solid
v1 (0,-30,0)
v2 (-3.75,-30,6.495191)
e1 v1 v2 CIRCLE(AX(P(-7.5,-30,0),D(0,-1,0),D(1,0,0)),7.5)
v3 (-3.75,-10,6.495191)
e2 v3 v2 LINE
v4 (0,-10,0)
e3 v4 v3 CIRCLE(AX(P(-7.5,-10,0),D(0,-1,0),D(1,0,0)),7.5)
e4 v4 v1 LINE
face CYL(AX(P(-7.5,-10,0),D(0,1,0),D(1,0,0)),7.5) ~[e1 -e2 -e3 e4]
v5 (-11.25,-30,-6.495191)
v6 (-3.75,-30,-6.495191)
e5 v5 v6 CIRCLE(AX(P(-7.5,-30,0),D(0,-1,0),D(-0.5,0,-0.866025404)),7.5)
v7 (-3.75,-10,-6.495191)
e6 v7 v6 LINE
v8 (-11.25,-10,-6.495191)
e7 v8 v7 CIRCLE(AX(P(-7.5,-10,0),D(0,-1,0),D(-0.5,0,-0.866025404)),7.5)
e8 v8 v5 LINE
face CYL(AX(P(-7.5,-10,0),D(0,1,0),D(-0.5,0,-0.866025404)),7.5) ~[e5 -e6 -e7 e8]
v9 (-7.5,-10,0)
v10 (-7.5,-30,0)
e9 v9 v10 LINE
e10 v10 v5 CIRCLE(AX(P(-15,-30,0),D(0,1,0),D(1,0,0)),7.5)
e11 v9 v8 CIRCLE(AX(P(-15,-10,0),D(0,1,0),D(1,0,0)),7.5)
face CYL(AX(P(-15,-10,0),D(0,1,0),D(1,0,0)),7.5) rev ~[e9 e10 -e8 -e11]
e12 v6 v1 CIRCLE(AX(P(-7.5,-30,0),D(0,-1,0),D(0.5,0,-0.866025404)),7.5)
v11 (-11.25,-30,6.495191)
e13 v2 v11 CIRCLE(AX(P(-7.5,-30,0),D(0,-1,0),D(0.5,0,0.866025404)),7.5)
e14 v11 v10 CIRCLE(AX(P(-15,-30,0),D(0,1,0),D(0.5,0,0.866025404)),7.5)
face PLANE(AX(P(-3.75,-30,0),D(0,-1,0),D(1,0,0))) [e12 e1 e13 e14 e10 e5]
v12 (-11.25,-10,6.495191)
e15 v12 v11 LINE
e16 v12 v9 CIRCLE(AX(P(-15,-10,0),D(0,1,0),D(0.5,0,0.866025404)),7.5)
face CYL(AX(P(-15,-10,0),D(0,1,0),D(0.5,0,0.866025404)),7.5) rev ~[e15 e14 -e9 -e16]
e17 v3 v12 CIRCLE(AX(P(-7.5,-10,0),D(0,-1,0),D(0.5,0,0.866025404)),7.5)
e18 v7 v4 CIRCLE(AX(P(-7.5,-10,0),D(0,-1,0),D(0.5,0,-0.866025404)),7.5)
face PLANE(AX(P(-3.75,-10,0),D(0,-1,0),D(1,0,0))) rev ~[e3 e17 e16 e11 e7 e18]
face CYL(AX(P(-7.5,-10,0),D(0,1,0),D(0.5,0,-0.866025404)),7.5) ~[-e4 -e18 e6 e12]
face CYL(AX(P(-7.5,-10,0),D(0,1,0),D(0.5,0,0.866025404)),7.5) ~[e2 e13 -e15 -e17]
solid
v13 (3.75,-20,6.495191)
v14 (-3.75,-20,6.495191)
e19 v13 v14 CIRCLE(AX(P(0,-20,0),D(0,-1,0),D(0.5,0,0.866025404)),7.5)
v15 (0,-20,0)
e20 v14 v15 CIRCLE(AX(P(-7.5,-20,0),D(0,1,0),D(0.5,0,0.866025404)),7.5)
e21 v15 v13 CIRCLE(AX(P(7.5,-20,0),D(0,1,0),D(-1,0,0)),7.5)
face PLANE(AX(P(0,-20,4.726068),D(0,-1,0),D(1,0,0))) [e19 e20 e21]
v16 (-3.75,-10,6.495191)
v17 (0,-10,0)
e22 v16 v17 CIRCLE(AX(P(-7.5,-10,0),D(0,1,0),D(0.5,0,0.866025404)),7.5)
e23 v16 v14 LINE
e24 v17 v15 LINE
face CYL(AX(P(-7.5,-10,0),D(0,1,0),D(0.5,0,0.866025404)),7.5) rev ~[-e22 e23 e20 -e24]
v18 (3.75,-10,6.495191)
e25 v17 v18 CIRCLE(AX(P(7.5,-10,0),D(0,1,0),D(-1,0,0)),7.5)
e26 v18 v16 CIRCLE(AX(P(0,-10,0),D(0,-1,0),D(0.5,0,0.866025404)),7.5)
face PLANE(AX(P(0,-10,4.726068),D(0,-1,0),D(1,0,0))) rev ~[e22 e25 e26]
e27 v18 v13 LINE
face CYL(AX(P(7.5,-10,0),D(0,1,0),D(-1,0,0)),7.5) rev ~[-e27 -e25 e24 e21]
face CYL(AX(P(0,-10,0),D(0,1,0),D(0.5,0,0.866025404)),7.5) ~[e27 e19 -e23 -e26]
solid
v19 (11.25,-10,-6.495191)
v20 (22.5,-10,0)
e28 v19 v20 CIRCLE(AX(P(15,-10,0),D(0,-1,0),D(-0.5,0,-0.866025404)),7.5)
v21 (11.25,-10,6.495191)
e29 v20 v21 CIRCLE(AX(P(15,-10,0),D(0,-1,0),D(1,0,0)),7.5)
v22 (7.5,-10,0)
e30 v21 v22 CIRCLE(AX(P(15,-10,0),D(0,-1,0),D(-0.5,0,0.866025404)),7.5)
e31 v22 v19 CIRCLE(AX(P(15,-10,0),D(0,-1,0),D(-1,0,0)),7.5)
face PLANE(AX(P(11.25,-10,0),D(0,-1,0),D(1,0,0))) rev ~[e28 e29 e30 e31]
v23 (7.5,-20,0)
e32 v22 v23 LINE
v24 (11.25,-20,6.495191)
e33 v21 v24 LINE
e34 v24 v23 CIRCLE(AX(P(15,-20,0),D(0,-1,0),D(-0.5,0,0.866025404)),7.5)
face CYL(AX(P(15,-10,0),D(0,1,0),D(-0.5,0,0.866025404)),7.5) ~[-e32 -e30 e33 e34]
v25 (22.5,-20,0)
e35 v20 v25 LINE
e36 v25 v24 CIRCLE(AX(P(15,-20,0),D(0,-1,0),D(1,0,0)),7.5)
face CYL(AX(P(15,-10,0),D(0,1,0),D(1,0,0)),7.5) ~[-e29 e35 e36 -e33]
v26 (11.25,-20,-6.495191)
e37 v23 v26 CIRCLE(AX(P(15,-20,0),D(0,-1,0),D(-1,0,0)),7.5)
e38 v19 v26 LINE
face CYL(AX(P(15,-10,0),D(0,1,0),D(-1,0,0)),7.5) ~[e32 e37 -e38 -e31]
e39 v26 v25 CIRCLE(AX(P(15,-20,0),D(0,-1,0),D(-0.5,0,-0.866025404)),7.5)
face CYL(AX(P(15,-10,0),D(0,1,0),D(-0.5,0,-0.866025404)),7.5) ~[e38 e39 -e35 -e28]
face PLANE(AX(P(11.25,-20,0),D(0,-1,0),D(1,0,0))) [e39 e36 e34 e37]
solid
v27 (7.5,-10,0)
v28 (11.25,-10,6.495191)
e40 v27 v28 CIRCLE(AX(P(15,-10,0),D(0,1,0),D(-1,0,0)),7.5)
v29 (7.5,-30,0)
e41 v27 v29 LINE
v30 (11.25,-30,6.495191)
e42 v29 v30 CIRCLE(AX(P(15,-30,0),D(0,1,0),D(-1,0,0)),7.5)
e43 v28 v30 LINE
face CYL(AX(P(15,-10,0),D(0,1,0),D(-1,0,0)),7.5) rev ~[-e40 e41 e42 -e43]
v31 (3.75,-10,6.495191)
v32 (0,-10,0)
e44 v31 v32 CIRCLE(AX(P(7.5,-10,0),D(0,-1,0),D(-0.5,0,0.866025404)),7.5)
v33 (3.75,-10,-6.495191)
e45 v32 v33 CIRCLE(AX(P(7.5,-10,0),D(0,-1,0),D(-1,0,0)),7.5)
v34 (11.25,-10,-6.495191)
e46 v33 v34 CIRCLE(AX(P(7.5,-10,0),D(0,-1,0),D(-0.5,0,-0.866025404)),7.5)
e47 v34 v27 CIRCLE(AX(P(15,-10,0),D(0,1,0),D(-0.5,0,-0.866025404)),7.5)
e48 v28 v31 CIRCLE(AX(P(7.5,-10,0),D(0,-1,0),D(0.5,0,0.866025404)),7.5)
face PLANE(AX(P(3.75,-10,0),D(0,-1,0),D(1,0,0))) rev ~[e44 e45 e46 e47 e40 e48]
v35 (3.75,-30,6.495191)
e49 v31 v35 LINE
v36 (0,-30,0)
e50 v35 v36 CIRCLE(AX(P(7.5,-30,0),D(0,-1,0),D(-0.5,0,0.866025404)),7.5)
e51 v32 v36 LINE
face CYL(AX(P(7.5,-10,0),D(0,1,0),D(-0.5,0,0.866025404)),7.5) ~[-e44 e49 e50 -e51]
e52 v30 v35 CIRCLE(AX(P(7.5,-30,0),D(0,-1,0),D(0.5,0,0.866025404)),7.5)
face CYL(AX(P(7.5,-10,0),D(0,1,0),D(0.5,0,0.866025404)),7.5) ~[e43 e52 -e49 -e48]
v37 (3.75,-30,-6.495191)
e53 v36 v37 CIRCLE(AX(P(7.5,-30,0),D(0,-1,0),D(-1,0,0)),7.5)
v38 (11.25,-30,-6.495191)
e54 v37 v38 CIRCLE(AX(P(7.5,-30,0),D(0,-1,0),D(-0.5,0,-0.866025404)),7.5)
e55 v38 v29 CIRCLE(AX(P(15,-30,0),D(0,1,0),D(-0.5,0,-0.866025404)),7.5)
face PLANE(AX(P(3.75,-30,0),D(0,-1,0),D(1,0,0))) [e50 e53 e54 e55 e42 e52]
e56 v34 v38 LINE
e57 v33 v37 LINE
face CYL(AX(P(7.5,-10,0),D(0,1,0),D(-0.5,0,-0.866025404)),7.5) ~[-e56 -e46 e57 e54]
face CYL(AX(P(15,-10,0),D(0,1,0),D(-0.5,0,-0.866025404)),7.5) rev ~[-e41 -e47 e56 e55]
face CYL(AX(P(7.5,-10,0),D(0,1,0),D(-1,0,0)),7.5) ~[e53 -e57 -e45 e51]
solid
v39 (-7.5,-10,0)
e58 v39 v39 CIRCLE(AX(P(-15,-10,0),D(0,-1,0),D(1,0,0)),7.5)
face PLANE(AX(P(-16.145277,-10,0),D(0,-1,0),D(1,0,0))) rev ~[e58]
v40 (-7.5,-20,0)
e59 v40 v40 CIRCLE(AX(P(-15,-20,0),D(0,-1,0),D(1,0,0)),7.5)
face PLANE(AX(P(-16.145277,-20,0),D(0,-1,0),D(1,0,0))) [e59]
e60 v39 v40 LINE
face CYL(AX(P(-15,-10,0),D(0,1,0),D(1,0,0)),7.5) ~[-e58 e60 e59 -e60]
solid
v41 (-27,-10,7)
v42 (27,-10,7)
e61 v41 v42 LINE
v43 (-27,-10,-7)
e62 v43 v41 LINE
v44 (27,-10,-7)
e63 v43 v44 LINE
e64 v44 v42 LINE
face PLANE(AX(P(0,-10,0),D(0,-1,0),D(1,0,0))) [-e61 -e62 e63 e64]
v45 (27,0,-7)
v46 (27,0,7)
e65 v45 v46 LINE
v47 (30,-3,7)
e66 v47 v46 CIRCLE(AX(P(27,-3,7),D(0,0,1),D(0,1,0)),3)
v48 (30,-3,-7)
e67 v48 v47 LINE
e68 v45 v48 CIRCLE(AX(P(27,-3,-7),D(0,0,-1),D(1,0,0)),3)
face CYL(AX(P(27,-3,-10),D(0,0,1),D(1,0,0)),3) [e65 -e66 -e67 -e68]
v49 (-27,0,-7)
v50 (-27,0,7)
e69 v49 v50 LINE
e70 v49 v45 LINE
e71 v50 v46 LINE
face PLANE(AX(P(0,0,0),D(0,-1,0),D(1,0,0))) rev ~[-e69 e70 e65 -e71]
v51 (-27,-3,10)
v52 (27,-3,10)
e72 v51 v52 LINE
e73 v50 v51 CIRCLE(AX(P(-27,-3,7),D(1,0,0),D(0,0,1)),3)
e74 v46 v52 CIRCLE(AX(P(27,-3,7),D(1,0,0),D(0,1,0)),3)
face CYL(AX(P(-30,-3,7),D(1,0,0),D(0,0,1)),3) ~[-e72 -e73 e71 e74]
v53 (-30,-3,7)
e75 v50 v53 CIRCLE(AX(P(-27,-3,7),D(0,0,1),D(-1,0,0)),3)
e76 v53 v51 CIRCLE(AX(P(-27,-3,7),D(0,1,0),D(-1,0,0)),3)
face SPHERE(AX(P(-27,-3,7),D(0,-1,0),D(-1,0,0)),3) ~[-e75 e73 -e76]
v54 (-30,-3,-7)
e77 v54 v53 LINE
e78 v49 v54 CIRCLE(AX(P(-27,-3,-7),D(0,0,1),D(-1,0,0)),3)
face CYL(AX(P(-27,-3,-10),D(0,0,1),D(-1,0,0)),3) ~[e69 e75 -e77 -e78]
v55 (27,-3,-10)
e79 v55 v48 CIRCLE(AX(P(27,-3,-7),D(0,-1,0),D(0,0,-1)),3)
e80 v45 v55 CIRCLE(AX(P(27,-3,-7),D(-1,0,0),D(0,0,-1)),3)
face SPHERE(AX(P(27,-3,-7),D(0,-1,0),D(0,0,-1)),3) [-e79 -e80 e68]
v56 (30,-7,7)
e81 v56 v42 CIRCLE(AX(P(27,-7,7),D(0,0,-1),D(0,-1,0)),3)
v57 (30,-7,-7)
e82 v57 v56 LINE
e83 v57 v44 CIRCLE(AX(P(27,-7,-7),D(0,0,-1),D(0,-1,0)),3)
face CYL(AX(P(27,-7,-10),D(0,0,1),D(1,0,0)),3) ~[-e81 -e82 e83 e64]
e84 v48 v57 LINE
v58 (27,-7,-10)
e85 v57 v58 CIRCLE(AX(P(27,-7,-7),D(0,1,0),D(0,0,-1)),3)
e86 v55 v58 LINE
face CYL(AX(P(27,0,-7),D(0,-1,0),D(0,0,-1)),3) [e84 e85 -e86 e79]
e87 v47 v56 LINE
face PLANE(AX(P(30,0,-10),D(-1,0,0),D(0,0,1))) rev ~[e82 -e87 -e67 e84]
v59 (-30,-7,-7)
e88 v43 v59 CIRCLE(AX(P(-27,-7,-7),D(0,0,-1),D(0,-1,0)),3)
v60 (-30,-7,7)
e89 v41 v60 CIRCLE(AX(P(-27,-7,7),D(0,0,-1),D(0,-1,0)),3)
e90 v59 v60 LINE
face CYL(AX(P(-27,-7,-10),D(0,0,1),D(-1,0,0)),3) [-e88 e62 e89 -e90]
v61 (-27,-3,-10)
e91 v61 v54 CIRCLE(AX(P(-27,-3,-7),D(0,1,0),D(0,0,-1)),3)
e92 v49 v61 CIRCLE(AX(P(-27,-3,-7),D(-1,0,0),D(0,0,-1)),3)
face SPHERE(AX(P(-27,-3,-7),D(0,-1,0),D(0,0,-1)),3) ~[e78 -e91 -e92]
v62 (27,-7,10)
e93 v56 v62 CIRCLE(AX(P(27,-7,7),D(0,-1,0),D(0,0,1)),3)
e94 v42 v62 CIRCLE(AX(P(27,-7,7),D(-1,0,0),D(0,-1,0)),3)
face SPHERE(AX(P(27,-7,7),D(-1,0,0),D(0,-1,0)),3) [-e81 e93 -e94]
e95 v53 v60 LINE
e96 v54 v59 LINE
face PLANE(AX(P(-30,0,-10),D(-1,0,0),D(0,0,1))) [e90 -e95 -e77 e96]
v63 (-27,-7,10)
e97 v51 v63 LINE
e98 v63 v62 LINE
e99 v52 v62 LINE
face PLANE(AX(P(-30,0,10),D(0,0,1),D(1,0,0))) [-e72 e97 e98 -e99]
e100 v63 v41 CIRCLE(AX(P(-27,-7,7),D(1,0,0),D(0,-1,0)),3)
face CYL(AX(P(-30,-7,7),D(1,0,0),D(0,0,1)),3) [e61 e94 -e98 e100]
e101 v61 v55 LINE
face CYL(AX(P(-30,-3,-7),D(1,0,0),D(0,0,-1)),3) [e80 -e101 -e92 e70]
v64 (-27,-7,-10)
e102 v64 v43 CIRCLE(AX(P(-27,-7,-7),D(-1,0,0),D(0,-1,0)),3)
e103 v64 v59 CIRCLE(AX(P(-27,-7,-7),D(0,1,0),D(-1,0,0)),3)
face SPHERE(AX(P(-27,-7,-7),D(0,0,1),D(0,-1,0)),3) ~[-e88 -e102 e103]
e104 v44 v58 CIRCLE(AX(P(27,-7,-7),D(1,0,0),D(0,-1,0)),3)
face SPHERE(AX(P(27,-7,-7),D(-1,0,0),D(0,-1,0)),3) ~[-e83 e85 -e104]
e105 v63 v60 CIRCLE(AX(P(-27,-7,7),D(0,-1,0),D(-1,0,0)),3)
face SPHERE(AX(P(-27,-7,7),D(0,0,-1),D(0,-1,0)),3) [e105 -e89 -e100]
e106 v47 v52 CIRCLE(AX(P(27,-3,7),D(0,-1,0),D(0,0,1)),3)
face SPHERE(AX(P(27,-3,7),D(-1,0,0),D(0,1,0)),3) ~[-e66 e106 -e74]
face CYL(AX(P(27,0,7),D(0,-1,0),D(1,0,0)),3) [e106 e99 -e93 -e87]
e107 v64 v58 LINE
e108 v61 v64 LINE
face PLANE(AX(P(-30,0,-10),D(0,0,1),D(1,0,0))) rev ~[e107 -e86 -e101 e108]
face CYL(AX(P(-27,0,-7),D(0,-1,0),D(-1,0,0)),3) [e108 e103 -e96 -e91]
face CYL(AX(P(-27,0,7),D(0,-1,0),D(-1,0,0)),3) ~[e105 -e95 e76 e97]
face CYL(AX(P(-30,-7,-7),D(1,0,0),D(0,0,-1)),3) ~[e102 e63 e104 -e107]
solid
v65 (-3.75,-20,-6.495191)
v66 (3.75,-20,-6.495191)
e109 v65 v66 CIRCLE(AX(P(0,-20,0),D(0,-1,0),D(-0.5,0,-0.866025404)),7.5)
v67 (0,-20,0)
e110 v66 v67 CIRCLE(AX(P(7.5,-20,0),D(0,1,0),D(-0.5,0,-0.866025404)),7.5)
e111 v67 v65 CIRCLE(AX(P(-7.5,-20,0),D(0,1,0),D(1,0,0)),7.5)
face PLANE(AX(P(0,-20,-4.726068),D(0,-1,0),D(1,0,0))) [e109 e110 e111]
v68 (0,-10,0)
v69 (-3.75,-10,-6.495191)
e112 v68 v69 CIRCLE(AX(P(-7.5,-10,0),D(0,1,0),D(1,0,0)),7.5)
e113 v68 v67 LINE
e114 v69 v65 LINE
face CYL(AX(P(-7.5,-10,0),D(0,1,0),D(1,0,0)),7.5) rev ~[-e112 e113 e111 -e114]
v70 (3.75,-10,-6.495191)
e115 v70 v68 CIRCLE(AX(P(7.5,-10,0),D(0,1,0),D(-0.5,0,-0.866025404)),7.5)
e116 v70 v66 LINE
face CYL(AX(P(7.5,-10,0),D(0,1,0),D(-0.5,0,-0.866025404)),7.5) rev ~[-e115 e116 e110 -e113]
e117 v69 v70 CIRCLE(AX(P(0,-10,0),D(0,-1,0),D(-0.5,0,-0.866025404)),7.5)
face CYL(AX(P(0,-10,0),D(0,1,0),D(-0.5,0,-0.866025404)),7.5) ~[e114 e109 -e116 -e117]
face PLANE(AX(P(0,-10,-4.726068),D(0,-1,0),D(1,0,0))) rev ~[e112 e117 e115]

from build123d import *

# Parameters (mm, degrees)
F0_W     = 60
F0_H     = 20
F1_DEPTH = 10
F3_DEPTH = 10
F4_DEPTH = 20
F5_DEPTH = 20
F6_DEPTH = 10
F7_R     = 3


with BuildPart() as f1:
    # F0 (on Front) → F1 (new body)
    with BuildSketch(Plane.XZ):
        Rectangle(F0_W, F0_H)
    extrude(amount=F1_DEPTH)

    # F7
    f7_edges = [f1.edges().sort_by_distance(p)[0] for p in [
        (-30, -10, 0),
        (0, -10, 10),
        (0, -10, -10),
        (30, -10, 0),
        (-30, -5, -10),
        (30, -5, -10),
        (0, 0, -10),
        (-30, -5, 10),
        (-30, 0, 0),
        (0, 0, 10),
        (30, 0, 0),
        (30, -5, 10),
    ]]
    fillet(f7_edges, radius=F7_R)


with BuildPart() as f3:
    # F2 (on face) → F3 (new body)
    with BuildSketch(Plane.XZ.offset(10)):
        with BuildLine():
            ThreePointArc((-11.25, -6.4951905284), (-15, 0), (-11.25, 6.4951905284))
            ThreePointArc((-11.25, 6.4951905284), (-22.5, 0), (-11.25, -6.4951905284))
        make_face()
        with BuildLine():
            ThreePointArc((-11.25, -6.4951905284), (-8.5048094716, -3.75), (-7.5, 0))
            ThreePointArc((-7.5, 0), (-8.5048094716, 3.75), (-11.25, 6.4951905284))
            ThreePointArc((-11.25, 6.4951905284), (-15, 0), (-11.25, -6.4951905284))
        make_face()
    extrude(amount=F3_DEPTH)


with BuildPart() as f4:
    # F2 (on face) → F4 (new body)
    with BuildSketch(Plane.XZ.offset(10)):
        with BuildLine():
            ThreePointArc((0, 0), (-1.0048094716, 3.75), (-3.75, 6.4951905284))
            ThreePointArc((-3.75, 6.4951905284), (-6.4951905284, 3.75), (-7.5, 0))
            ThreePointArc((-7.5, 0), (-6.4951905284, -3.75), (-3.75, -6.4951905284))
            ThreePointArc((-3.75, -6.4951905284), (-1.0048094716, -3.75), (0, 0))
        make_face()
        with BuildLine():
            ThreePointArc((-11.25, -6.4951905284), (-7.5, -7.5), (-3.75, -6.4951905284))
            ThreePointArc((-3.75, -6.4951905284), (-6.4951905284, -3.75), (-7.5, 0))
            ThreePointArc((-7.5, 0), (-8.5048094716, -3.75), (-11.25, -6.4951905284))
        make_face()
        with BuildLine():
            ThreePointArc((-7.5, 0), (-6.4951905284, 3.75), (-3.75, 6.4951905284))
            ThreePointArc((-3.75, 6.4951905284), (-7.5, 7.5), (-11.25, 6.4951905284))
            ThreePointArc((-11.25, 6.4951905284), (-8.5048094716, 3.75), (-7.5, 0))
        make_face()
    extrude(amount=F4_DEPTH)


with BuildPart() as f5:
    # F2 (on face) → F5 (new body)
    with BuildSketch(Plane.XZ.offset(10)):
        with BuildLine():
            ThreePointArc((3.75, -6.4951905284), (6.4951905284, -3.75), (7.5, 0))
            ThreePointArc((7.5, 0), (6.4951905284, 3.75), (3.75, 6.4951905284))
            ThreePointArc((3.75, 6.4951905284), (1.0048094716, 3.75), (0, 0))
            ThreePointArc((0, 0), (1.0048094716, -3.75), (3.75, -6.4951905284))
        make_face()
        with BuildLine():
            ThreePointArc((11.25, -6.4951905284), (8.5048094716, -3.75), (7.5, 0))
            ThreePointArc((7.5, 0), (6.4951905284, -3.75), (3.75, -6.4951905284))
            ThreePointArc((3.75, -6.4951905284), (7.5, -7.5), (11.25, -6.4951905284))
        make_face()
        with BuildLine():
            ThreePointArc((3.75, 6.4951905284), (6.4951905284, 3.75), (7.5, 0))
            ThreePointArc((7.5, 0), (8.5048094716, 3.75), (11.25, 6.4951905284))
            ThreePointArc((11.25, 6.4951905284), (7.5, 7.5), (3.75, 6.4951905284))
        make_face()
    extrude(amount=F5_DEPTH)


with BuildPart() as f6:
    # F2 (on face) → F6 (new body)
    with BuildSketch(Plane.XZ.offset(10)):
        with BuildLine():
            ThreePointArc((-3.75, -6.4951905284), (0, -7.5), (3.75, -6.4951905284))
            ThreePointArc((3.75, -6.4951905284), (1.0048094716, -3.75), (0, 0))
            ThreePointArc((0, 0), (-1.0048094716, -3.75), (-3.75, -6.4951905284))
        make_face()
    extrude(amount=F6_DEPTH)


with BuildPart() as f6b:
    # F2 (on face) → F6, piece 2 (new body)
    with BuildSketch(Plane.XZ.offset(10)):
        with BuildLine():
            ThreePointArc((0, 0), (1.0048094716, 3.75), (3.75, 6.4951905284))
            ThreePointArc((3.75, 6.4951905284), (0, 7.5), (-3.75, 6.4951905284))
            ThreePointArc((-3.75, 6.4951905284), (-1.0048094716, 3.75), (0, 0))
        make_face()
    extrude(amount=F6_DEPTH)


with BuildPart() as f6c:
    # F2 (on face) → F6, piece 3 (new body)
    with BuildSketch(Plane.XZ.offset(10)):
        with BuildLine():
            ThreePointArc((11.25, 6.4951905284), (8.5048094716, 3.75), (7.5, 0))
            ThreePointArc((7.5, 0), (8.5048094716, -3.75), (11.25, -6.4951905284))
            ThreePointArc((11.25, -6.4951905284), (13.9951905284, -3.75), (15, 0))
            ThreePointArc((15, 0), (13.9951905284, 3.75), (11.25, 6.4951905284))
        make_face()
        with BuildLine():
            ThreePointArc((22.5, 0), (18.75, 6.4951905284), (11.25, 6.4951905284))
            ThreePointArc((11.25, 6.4951905284), (13.9951905284, 3.75), (15, 0))
            ThreePointArc((15, 0), (13.9951905284, -3.75), (11.25, -6.4951905284))
            ThreePointArc((11.25, -6.4951905284), (18.75, -6.4951905284), (22.5, 0))
        make_face()
    extrude(amount=F6_DEPTH)


solid = Compound([f1.part, f3.part, f4.part, f5.part, f6.part, f6b.part, f6c.part])
